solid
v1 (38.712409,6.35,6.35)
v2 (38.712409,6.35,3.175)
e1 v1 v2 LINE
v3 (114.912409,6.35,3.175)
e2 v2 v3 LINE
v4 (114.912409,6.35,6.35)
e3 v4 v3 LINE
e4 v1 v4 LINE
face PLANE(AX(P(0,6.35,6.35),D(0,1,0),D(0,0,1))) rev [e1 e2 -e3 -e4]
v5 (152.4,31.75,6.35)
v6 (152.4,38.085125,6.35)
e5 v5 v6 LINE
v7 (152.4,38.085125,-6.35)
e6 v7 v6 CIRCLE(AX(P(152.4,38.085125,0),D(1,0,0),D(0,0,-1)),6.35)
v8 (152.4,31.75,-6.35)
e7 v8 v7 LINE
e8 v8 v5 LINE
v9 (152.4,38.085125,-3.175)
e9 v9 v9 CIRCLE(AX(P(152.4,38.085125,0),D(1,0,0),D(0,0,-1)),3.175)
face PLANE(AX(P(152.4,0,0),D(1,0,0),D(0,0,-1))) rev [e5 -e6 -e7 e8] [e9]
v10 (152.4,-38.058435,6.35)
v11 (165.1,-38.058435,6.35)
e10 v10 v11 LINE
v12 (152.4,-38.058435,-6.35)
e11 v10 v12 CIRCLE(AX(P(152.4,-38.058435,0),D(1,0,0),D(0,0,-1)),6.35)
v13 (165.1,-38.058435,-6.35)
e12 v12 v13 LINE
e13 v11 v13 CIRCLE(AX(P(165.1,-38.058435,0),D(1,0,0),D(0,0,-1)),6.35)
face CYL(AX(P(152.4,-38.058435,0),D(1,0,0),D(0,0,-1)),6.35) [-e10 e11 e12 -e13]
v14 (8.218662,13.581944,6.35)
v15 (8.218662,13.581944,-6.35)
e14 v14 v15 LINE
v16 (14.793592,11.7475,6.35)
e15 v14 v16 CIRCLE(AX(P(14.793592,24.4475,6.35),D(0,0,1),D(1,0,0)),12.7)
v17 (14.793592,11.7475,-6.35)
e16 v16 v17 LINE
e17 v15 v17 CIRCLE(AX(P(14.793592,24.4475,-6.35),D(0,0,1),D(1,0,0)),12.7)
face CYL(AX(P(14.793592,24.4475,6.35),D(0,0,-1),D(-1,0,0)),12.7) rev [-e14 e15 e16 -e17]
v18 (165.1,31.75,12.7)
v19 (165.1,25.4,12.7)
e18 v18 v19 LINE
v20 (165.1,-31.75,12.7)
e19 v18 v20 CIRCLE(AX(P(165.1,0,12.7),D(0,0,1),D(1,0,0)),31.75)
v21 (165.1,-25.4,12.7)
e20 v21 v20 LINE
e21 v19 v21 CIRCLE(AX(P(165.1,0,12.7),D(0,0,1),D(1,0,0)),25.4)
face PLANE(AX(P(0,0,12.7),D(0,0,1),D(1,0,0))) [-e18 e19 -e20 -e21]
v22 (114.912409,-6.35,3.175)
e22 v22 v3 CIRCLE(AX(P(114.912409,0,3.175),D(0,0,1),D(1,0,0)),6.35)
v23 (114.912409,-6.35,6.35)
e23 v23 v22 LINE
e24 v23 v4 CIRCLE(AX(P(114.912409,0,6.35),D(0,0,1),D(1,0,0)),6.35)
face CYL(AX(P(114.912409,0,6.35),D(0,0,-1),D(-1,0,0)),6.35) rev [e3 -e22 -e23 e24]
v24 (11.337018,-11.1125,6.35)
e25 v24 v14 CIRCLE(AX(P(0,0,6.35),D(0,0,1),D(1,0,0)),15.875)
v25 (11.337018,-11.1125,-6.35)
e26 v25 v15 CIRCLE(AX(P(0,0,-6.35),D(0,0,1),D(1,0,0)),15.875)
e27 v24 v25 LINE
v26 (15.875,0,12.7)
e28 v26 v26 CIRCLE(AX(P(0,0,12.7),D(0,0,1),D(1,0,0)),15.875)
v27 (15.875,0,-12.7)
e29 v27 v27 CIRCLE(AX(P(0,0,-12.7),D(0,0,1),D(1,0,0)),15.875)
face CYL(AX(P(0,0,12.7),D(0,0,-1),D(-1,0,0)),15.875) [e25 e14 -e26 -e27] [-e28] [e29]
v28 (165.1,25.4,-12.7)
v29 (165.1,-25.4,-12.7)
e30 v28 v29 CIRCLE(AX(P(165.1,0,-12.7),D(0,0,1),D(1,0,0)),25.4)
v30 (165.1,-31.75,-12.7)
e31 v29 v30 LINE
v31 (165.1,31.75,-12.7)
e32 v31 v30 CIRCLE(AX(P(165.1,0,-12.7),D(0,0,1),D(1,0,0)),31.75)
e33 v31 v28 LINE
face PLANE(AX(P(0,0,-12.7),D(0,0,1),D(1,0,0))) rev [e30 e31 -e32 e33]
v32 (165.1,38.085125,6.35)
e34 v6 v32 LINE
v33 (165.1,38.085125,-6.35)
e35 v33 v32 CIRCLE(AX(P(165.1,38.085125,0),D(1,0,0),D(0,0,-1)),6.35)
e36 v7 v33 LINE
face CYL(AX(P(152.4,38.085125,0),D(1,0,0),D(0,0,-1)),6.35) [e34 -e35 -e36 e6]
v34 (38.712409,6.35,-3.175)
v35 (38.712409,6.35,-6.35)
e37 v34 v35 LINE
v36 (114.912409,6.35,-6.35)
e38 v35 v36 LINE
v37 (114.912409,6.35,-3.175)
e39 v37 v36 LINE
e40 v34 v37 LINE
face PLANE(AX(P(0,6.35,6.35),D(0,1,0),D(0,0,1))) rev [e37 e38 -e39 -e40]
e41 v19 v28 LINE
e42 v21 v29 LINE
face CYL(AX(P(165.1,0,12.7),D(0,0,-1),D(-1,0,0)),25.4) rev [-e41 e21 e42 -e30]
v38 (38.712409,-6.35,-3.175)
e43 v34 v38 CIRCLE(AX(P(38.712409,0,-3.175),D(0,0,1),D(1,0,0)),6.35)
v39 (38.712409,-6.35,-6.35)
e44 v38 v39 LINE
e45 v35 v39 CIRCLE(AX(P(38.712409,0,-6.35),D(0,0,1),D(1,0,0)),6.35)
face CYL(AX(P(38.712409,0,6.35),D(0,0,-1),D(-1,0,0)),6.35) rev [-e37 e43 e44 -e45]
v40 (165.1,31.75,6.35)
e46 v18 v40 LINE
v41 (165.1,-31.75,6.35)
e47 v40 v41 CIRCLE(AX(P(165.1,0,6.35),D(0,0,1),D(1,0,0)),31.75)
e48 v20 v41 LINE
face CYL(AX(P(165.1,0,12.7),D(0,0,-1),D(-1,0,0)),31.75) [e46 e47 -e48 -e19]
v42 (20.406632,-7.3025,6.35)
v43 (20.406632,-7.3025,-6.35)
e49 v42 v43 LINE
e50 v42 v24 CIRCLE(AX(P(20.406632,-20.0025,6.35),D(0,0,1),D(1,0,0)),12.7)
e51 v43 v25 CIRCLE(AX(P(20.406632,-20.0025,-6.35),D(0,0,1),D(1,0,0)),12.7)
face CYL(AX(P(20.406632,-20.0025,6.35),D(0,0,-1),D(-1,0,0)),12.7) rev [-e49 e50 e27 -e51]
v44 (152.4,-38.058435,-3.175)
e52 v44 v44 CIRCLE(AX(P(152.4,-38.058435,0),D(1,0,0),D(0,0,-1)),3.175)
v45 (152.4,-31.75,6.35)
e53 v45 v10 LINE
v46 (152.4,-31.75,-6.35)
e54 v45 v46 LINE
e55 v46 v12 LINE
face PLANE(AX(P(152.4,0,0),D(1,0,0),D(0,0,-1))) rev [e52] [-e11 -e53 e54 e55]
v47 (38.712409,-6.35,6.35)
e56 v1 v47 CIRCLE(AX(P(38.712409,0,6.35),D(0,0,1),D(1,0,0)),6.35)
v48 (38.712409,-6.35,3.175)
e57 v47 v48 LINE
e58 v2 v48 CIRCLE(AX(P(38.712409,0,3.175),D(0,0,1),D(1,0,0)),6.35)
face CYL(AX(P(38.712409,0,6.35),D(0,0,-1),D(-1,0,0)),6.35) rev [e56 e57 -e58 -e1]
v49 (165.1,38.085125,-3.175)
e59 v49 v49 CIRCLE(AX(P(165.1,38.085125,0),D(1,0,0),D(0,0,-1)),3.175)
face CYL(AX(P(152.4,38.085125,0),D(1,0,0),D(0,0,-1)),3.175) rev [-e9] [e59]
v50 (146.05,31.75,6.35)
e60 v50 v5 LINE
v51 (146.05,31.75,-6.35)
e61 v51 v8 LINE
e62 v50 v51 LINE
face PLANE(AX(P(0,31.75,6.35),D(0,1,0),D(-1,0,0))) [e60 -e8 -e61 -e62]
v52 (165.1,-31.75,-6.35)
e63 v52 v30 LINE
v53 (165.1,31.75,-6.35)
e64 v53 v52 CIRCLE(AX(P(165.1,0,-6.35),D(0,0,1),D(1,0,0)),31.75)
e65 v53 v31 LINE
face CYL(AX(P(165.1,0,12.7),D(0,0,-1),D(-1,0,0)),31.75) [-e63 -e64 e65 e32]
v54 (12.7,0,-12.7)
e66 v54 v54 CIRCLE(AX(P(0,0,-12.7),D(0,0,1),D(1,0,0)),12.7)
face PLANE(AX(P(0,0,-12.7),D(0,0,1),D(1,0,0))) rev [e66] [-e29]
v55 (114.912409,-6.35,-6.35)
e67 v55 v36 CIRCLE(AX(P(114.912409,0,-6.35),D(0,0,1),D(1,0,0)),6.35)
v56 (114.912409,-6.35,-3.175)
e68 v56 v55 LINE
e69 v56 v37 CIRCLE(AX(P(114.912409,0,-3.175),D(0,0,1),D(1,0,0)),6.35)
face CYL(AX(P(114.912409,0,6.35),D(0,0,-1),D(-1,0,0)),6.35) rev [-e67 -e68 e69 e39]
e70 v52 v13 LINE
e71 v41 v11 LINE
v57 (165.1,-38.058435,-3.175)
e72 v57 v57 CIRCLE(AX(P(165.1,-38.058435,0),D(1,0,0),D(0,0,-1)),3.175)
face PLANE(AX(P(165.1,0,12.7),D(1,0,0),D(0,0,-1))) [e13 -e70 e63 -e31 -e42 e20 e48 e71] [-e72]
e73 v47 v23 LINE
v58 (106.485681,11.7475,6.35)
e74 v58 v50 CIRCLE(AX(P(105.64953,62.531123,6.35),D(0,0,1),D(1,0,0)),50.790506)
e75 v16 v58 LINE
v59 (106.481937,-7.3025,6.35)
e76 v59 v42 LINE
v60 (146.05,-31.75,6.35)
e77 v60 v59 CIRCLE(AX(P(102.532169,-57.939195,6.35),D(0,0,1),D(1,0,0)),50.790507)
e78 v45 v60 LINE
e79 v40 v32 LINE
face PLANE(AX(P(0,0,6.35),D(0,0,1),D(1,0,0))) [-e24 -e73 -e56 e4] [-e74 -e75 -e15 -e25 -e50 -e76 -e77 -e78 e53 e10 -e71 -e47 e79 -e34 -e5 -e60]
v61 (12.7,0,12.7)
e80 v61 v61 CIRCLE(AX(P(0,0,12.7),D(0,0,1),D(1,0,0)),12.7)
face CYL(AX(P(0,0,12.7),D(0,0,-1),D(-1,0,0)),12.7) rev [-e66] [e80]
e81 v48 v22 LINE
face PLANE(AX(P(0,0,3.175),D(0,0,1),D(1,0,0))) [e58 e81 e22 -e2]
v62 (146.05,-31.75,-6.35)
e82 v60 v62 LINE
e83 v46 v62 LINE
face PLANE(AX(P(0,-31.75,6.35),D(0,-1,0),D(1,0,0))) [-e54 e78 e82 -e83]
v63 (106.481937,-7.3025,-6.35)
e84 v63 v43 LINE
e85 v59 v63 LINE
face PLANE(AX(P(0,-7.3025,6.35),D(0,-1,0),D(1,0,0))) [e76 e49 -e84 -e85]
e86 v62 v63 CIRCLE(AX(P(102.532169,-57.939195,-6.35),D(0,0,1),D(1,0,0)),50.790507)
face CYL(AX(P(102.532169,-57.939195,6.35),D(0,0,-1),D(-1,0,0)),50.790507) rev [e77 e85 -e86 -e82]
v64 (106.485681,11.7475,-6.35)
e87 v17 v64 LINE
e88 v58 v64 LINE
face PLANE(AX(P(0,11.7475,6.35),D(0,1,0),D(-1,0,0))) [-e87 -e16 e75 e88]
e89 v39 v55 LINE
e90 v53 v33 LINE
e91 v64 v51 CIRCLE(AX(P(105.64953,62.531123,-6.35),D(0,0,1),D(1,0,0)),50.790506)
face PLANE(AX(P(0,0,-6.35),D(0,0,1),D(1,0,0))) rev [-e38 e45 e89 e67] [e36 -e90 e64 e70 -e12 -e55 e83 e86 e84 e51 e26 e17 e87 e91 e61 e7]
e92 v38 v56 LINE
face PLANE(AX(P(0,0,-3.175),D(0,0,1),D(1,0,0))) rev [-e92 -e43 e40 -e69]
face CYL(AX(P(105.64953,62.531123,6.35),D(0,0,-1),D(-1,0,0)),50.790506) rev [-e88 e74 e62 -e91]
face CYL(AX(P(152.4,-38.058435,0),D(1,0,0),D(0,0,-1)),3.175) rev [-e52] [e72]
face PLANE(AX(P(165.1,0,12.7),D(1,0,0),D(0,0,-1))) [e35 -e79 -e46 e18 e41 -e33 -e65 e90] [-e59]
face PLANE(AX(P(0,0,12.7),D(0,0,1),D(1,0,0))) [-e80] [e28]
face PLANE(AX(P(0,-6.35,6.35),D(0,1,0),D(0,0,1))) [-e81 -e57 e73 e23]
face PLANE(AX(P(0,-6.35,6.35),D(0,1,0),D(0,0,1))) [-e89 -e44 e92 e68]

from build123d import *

# Parameters (mm, degrees)
BOSS_EXTRUDE2_DEPTH = 6.35
SKETCH2_8_R         = 15.875
SKETCH2_8_R_2       = 12.7
BOSS_EXTRUDE3_DEPTH = 12.7
BOSS_EXTRUDE4_DEPTH = 3.175
SKETCH3_R           = 3.175
BOSS_EXTRUDE6_DEPTH = 12.7


with BuildPart() as part:
    # Sketch2 → Boss-Extrude2 (new, symmetric)
    with BuildSketch(Plane.XY):
        with BuildLine():
            Line((106.485681071, 11.7475), (14.793592152, 11.7475))
            ThreePointArc((14.793592152, 11.7475), (11.380569705, 12.214704826), (8.218662306, 13.581944444))
            ThreePointArc((8.218662306, 13.581944444), (13.829079671, 7.79565138), (15.875, 0))
            ThreePointArc((15.875, 0), (14.696781618, -6.001686018), (11.33701763, -11.1125))
            ThreePointArc((11.33701763, -11.1125), (15.487942885, -8.293678539), (20.406631735, -7.3025))
            Line((20.406631735, -7.3025), (106.48193654, -7.3025))
            ThreePointArc((106.48193654, -7.3025), (129.228859651, -14.730836392), (146.05, -31.75))
            Line((146.05, -31.75), (165.1, -31.75))
            ThreePointArc((165.1, -31.75), (133.35, 0), (165.1, 31.75))
            Line((165.1, 31.75), (146.05, 31.75))
            ThreePointArc((146.05, 31.75), (128.565457442, 17.204135674), (106.485681071, 11.7475))
        make_face()
        with BuildLine():
            ThreePointArc((38.712408675, -6.35), (32.362408675, 0), (38.712408675, 6.35))
            Line((38.712408675, 6.35), (114.912408675, 6.35))
            ThreePointArc((114.912408675, 6.35), (121.262408675, 0), (114.912408675, -6.35))
            Line((114.912408675, -6.35), (38.712408675, -6.35))
        make_face(mode=Mode.SUBTRACT)
    extrude(amount=BOSS_EXTRUDE2_DEPTH, both=True)

    # Sketch2<8> → Boss-Extrude3 (add, symmetric)
    # profile 1 of 2: a face of its own
    with BuildSketch(Plane.XY):
        Circle(SKETCH2_8_R)
        Circle(SKETCH2_8_R_2, mode=Mode.SUBTRACT)
    # profile 2 of 2: a face of its own
    with BuildSketch(Plane.XY):
        with BuildLine():
            Line((165.1, 25.4), (165.1, 31.75))
            ThreePointArc((165.1, 31.75), (133.35, 0), (165.1, -31.75))
            Line((165.1, -31.75), (165.1, -25.4))
            ThreePointArc((165.1, -25.4), (139.7, 0), (165.1, 25.4))
        make_face()
    extrude(amount=BOSS_EXTRUDE3_DEPTH, both=True)

    # Sketch2<9> → Boss-Extrude4 (add, symmetric)
    with BuildSketch(Plane.XY):
        with BuildLine():
            Line((114.912408675, 6.35), (38.712408675, 6.35))
            ThreePointArc((38.712408675, 6.35), (32.362408675, 0), (38.712408675, -6.35))
            Line((38.712408675, -6.35), (114.912408675, -6.35))
            ThreePointArc((114.912408675, -6.35), (121.262408675, 0), (114.912408675, 6.35))
        make_face()
    extrude(amount=BOSS_EXTRUDE4_DEPTH, both=True)

    # Sketch3 → Boss-Extrude6 (add)
    # profile 1 of 2: a face of its own
    with BuildSketch(Plane(origin=(165.1, 0, 0), x_dir=(0, 0, -1), z_dir=(1, 0, 0))):
        with BuildLine():
            Line((-6.35, 38.085125464), (-6.35, 31.75))
            Line((-6.35, 31.75), (6.35, 31.75))
            Line((6.35, 31.75), (6.35, 38.085125464))
            ThreePointArc((6.35, 38.085125464), (0, 44.435125464), (-6.35, 38.085125464))
        make_face()
        with Locations((0, 38.085125464)):
            Circle(SKETCH3_R, mode=Mode.SUBTRACT)
    # profile 2 of 2: a face of its own
    with BuildSketch(Plane(origin=(165.1, 0, 0), x_dir=(0, 0, -1), z_dir=(1, 0, 0))):
        with BuildLine():
            Line((6.35, -31.75), (-6.35, -31.75))
            Line((-6.35, -31.75), (-6.35, -38.058434683))
            ThreePointArc((-6.35, -38.058434683), (0, -44.408434683), (6.35, -38.058434683))
            Line((6.35, -38.058434683), (6.35, -31.75))
        make_face()
        with Locations((0, -38.058434683)):
            Circle(SKETCH3_R, mode=Mode.SUBTRACT)
    extrude(amount=-BOSS_EXTRUDE6_DEPTH)


solid = part.part
